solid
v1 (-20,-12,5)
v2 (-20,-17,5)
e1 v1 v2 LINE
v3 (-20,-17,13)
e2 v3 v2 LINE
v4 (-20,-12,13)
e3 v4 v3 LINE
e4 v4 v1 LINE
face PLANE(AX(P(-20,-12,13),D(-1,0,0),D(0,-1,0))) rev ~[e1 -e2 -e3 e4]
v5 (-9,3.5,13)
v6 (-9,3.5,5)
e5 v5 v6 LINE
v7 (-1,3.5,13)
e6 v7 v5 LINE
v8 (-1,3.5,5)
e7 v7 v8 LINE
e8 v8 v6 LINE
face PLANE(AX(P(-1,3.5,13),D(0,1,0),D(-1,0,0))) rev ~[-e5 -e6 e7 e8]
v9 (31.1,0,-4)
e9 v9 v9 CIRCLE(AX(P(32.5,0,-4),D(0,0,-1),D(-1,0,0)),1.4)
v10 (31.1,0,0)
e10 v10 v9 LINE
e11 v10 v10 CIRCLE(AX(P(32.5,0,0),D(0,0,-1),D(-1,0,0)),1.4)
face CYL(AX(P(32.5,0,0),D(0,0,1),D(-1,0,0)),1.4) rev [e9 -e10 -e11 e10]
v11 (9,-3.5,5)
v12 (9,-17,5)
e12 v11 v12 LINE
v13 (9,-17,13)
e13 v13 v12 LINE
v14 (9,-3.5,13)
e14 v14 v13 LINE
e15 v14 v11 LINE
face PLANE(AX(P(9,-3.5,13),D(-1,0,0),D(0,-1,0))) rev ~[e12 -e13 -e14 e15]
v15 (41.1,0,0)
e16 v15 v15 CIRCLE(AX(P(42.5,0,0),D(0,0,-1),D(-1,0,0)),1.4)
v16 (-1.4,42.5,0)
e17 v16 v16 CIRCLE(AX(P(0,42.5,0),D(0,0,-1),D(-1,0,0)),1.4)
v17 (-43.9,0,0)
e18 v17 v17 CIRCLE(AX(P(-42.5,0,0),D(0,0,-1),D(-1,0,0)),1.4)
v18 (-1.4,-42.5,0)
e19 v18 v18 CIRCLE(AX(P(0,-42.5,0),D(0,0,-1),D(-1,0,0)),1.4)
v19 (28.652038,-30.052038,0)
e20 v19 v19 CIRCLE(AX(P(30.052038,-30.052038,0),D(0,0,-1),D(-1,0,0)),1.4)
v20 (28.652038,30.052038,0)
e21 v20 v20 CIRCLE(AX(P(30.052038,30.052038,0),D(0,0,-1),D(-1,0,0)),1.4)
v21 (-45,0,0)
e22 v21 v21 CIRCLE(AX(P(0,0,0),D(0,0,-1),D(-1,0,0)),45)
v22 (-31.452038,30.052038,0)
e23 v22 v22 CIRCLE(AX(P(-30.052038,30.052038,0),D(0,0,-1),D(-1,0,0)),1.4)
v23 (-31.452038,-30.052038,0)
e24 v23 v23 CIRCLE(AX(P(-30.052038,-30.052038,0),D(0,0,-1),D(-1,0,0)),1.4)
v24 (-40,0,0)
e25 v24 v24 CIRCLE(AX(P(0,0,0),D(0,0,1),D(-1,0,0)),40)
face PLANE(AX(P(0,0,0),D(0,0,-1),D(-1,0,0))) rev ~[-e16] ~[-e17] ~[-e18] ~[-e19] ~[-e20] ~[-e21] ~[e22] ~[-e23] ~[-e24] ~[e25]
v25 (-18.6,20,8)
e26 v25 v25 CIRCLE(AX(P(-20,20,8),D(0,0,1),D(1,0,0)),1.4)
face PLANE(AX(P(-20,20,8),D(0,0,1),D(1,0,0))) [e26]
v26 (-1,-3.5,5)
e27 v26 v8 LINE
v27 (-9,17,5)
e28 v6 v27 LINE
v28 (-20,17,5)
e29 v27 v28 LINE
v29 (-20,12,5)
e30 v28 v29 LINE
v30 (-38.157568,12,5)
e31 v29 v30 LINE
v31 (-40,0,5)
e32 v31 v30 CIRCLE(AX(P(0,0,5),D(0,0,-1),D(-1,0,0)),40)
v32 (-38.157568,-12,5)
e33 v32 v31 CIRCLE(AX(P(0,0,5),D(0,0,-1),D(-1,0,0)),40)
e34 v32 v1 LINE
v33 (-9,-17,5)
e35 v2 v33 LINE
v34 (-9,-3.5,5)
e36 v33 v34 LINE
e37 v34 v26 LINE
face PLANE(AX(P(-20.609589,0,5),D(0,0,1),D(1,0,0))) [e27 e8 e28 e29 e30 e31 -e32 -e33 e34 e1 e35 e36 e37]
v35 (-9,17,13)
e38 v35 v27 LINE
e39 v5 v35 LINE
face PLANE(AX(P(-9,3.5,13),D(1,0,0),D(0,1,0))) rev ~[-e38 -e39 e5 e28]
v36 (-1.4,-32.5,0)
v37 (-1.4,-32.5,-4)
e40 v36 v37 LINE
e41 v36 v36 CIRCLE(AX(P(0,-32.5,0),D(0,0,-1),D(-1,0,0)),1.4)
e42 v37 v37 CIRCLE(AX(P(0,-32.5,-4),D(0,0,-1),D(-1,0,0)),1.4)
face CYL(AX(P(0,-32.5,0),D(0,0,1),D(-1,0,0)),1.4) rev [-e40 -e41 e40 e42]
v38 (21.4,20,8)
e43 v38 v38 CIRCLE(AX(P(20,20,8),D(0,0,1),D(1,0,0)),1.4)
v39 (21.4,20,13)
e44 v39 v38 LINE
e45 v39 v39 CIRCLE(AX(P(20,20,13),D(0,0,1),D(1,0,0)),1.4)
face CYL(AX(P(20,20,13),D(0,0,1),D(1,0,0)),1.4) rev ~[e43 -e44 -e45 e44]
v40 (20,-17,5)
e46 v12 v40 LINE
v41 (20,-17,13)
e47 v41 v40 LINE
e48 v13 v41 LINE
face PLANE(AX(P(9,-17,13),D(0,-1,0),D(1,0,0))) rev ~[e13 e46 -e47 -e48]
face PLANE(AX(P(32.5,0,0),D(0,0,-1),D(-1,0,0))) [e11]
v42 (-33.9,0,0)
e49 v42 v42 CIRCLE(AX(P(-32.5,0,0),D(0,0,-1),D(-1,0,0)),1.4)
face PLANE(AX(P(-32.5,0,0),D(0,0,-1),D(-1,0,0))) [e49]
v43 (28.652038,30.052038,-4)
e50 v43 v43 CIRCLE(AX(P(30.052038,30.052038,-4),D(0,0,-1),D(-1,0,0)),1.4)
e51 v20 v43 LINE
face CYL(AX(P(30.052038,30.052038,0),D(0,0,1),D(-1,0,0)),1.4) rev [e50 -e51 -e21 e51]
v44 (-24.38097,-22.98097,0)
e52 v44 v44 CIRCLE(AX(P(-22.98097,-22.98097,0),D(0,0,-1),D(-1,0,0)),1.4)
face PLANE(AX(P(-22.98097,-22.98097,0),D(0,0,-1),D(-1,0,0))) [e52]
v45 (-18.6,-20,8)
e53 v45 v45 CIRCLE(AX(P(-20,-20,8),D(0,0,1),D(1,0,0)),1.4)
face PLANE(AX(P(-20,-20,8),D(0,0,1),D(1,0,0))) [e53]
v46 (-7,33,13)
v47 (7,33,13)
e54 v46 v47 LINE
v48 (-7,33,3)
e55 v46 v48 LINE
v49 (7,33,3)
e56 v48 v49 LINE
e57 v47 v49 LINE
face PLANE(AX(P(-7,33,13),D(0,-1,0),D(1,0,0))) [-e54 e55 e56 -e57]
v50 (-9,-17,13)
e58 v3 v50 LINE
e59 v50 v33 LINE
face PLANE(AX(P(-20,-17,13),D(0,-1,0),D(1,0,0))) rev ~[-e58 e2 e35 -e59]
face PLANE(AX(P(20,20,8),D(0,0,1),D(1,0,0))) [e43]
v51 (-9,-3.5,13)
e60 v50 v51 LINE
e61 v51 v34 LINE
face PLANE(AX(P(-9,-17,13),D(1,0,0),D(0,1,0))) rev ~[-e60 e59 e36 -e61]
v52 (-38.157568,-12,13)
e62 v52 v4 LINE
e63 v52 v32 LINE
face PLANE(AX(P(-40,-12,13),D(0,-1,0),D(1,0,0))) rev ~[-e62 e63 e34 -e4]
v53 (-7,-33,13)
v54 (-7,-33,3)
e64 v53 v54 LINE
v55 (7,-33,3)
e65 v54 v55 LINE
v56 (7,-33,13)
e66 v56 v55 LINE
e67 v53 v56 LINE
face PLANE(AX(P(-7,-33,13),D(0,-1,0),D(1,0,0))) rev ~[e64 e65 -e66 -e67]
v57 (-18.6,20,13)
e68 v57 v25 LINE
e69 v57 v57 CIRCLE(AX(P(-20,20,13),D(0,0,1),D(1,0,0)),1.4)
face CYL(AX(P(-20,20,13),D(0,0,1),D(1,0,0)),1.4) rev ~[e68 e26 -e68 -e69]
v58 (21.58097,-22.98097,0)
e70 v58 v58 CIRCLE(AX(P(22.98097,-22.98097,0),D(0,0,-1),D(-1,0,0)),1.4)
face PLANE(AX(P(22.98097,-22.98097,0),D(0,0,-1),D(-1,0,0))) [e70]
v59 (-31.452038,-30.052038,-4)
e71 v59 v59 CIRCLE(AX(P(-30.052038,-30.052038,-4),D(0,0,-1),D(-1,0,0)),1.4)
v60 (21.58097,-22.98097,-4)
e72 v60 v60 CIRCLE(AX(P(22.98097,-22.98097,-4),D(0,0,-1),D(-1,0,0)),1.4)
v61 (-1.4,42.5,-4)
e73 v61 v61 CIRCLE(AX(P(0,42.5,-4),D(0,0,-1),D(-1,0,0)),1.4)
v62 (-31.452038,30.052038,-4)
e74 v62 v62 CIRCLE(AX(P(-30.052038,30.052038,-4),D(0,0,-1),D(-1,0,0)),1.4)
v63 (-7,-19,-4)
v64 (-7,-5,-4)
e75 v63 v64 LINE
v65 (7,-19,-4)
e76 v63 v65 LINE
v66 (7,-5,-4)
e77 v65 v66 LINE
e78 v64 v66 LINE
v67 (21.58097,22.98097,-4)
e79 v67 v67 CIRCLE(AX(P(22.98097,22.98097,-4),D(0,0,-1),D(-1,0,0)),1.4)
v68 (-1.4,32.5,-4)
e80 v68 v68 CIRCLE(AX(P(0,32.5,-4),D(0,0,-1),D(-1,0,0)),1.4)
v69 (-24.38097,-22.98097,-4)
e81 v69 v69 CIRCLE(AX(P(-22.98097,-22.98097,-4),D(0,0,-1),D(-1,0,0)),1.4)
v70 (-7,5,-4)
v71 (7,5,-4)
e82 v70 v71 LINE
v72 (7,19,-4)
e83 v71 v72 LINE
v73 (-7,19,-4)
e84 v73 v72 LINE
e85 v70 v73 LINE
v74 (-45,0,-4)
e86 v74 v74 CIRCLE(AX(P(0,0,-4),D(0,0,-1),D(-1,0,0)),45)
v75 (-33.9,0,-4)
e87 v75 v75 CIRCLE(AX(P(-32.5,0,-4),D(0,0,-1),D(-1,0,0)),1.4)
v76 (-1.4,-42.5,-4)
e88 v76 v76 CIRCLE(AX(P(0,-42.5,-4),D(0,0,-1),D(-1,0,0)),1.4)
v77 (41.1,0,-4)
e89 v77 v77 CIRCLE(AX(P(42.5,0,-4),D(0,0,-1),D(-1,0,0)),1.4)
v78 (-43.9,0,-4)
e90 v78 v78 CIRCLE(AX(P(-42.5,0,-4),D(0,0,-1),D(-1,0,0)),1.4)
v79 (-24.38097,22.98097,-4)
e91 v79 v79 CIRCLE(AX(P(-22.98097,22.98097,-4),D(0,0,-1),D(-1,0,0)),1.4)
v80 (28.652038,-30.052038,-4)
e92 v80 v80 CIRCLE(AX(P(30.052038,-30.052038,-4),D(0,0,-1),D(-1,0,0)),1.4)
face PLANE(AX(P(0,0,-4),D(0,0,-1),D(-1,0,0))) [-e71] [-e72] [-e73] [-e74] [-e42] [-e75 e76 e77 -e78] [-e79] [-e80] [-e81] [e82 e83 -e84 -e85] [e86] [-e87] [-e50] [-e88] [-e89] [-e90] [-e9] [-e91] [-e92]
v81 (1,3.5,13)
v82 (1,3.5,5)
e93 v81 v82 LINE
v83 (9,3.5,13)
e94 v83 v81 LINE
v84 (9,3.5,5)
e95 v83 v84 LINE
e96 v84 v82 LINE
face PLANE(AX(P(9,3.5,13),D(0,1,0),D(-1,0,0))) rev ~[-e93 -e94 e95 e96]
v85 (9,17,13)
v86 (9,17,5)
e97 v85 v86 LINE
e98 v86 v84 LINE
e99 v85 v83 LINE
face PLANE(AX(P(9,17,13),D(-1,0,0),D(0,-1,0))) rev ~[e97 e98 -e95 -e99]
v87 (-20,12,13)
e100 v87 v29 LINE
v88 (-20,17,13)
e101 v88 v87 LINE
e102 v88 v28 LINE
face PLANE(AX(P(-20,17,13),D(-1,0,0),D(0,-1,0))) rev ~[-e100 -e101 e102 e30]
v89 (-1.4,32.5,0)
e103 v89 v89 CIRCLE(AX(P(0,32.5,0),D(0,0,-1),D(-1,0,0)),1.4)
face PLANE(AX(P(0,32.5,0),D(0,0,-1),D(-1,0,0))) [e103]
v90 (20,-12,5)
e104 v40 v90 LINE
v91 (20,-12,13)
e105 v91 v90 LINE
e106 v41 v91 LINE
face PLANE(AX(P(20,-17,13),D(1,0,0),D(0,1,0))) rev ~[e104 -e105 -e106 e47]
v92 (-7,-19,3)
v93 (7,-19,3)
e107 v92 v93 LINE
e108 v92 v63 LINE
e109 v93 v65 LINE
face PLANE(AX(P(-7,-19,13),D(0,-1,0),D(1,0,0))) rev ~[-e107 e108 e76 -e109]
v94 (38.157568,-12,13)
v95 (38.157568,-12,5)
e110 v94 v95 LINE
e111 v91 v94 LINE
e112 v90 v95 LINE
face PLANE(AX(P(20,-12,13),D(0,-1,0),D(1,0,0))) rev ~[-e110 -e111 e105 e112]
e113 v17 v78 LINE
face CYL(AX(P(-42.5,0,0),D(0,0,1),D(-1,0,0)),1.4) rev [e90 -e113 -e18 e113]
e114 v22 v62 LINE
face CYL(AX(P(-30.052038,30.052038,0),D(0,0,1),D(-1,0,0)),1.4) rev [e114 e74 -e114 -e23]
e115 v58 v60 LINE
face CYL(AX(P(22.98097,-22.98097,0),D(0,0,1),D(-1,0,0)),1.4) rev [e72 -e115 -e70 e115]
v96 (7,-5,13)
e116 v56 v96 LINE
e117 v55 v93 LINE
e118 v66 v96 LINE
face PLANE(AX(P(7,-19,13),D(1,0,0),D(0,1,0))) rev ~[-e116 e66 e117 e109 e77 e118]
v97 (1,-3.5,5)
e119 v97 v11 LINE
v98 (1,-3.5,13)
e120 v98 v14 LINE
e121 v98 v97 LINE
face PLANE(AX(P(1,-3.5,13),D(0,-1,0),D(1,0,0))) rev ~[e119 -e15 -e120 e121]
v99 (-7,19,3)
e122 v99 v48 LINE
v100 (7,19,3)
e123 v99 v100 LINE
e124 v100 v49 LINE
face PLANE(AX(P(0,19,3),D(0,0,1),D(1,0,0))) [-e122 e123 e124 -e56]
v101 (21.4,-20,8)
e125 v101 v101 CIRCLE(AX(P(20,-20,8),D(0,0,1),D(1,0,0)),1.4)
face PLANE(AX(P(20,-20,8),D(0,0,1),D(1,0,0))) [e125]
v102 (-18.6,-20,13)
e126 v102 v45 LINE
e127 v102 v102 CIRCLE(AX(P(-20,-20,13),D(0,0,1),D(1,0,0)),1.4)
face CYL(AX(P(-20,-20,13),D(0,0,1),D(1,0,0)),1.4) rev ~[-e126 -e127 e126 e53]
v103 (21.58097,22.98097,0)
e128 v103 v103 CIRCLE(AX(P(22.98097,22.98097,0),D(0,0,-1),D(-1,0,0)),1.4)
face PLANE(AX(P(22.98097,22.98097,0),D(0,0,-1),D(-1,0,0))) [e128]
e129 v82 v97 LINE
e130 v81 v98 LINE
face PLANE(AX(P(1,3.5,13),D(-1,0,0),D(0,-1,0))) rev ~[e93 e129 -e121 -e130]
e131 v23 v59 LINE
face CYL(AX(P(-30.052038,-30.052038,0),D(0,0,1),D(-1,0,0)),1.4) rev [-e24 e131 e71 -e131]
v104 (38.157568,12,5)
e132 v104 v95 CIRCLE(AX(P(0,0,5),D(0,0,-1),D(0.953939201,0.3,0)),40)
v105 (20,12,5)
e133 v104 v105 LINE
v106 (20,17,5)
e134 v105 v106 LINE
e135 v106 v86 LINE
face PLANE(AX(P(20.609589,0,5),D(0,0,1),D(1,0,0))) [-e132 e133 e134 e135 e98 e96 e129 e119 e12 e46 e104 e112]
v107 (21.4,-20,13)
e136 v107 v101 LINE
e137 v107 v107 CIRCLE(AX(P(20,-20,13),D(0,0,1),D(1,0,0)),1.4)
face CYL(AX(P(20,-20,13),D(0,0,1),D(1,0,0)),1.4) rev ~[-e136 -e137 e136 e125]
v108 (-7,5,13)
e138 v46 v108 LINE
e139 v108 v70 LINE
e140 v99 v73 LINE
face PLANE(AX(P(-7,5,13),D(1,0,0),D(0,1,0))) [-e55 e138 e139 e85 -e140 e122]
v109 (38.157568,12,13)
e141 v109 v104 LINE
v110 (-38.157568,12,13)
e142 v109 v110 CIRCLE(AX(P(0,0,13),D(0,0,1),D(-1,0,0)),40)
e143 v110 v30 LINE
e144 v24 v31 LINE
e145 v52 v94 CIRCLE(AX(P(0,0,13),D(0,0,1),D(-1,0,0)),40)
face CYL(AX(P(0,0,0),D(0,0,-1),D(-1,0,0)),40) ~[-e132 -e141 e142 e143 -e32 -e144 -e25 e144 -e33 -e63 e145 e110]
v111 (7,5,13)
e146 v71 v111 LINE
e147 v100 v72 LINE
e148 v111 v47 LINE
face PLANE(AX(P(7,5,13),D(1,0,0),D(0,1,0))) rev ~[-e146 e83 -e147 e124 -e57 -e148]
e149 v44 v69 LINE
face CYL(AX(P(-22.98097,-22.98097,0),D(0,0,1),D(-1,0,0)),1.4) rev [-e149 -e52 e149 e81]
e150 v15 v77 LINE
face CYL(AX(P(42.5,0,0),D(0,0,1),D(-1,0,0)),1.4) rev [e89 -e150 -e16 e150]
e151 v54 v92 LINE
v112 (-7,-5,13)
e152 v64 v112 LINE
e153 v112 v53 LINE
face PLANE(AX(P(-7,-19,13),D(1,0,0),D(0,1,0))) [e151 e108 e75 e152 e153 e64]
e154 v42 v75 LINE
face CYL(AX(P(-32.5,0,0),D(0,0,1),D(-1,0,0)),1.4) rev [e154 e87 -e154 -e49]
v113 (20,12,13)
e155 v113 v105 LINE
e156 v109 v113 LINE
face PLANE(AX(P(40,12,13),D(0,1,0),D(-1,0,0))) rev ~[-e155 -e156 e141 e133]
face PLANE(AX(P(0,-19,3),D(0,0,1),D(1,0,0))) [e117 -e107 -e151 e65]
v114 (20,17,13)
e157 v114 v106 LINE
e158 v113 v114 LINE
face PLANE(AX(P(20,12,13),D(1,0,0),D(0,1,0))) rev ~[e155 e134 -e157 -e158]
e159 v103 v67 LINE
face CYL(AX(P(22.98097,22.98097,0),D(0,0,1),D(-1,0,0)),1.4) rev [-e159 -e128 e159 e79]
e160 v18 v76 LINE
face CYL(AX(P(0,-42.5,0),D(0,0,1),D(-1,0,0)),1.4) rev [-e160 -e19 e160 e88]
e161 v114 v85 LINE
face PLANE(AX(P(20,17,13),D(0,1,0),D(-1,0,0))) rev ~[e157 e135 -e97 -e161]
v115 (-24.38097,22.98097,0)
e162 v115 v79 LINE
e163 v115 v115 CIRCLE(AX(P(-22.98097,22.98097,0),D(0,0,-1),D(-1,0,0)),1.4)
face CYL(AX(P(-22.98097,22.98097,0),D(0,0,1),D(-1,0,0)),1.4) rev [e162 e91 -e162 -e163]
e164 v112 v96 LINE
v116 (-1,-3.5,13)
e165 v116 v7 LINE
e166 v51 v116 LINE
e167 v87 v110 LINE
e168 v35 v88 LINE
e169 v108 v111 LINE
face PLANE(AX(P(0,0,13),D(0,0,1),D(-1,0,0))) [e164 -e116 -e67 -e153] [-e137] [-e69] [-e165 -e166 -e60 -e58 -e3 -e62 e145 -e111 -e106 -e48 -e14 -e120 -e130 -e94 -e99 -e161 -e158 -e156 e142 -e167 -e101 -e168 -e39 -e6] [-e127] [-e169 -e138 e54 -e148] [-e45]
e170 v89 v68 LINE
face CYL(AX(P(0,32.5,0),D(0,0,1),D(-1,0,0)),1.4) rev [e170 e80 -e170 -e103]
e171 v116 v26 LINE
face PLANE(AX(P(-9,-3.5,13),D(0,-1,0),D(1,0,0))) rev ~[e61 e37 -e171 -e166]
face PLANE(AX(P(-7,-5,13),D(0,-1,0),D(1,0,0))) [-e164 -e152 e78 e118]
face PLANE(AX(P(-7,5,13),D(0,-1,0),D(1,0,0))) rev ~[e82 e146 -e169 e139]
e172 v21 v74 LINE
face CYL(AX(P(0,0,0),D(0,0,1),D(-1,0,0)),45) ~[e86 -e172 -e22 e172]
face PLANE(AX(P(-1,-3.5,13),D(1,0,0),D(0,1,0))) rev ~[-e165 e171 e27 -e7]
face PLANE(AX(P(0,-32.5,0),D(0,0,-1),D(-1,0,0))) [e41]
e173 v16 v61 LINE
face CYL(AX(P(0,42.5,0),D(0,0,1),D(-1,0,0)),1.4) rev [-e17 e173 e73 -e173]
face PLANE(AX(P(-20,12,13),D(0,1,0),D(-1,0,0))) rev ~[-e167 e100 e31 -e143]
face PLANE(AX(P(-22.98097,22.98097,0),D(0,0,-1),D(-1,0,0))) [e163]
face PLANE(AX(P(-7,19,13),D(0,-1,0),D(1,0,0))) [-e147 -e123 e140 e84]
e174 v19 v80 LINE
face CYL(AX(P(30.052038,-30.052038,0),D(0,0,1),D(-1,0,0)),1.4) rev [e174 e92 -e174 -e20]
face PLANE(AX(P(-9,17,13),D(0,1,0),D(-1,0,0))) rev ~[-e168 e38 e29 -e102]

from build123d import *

# Parameters (mm, degrees)
SKETCH1_R           = 40
BOSS_EXTRUDE1_DEPTH = 13
CUT_EXTRUDE1_DEPTH  = 8
SKETCH2_4_R         = 1.4
CUT_EXTRUDE2_DEPTH  = 5
SKETCH3_W           = 14
SKETCH3_H           = 28
CUT_EXTRUDE6_DEPTH  = 10
SKETCH5_R           = 45
BOSS_EXTRUDE2_DEPTH = 4
SKETCH6_R           = 1.4
CUT_EXTRUDE8_DEPTH  = 4
SKETCH6_3_R         = 1.4
CUT_EXTRUDE9_DEPTH  = 4
SKETCH7_W           = 14
SKETCH7_H           = 14
CUT_EXTRUDE10_DEPTH = 17


with BuildPart() as part:
    # Sketch1 → Boss-Extrude1 (new body)
    with BuildSketch(Plane.XY):
        Circle(SKETCH1_R)
    extrude(amount=BOSS_EXTRUDE1_DEPTH)

    # Sketch2 → Cut-Extrude1 (cut)
    with BuildSketch(Plane.XY.offset(13)):
        Polygon((-40, 12), (-40, -12), (-20, -12), (-20, -17), (-9, -17), (-9, -3.5), (-1, -3.5), (-1, 3.5), (-9, 3.5), (-9, 17), (-20, 17), (-20, 12), align=None)
        Polygon((1, 3.5), (1, -3.5), (9, -3.5), (9, -17), (20, -17), (20, -12), (40, -12), (40, 12), (20, 12), (20, 17), (9, 17), (9, 3.5), align=None)
    extrude(amount=-CUT_EXTRUDE1_DEPTH, mode=Mode.SUBTRACT)

    # Sketch2<4> → Cut-Extrude2 (cut)
    with BuildSketch(Plane.XY.offset(13)):
        with Locations((-20, 20)):
            Circle(SKETCH2_4_R)
        with Locations((20, 20)):
            Circle(SKETCH2_4_R)
        with Locations((-20, -20)):
            Circle(SKETCH2_4_R)
        with Locations((20, -20)):
            Circle(SKETCH2_4_R)
    extrude(amount=-CUT_EXTRUDE2_DEPTH, mode=Mode.SUBTRACT)

    # Sketch3 → Cut-Extrude6 (cut)
    with BuildSketch(Plane.XY.offset(13)):
        with Locations((0, 19)):
            Rectangle(SKETCH3_W, SKETCH3_H)
        with Locations((0, -19)):
            Rectangle(SKETCH3_W, SKETCH3_H)
    extrude(amount=-CUT_EXTRUDE6_DEPTH, mode=Mode.SUBTRACT)

    # Sketch5 → Boss-Extrude2 (add)
    with BuildSketch(Plane(origin=(0, 0, 0), x_dir=(-1, 0, 0), z_dir=(0, 0, -1))):
        Circle(SKETCH5_R)
    extrude(amount=BOSS_EXTRUDE2_DEPTH)

    # Sketch6 → Cut-Extrude8 (cut)
    with BuildSketch(Plane(origin=(0, 0, 0), x_dir=(-1, 0, 0), z_dir=(0, 0, -1))):
        with Locations((0, 42.5)):
            Circle(SKETCH6_R)
        with Locations((30.0520382, 30.0520382)):
            Circle(SKETCH6_R)
        with Locations((42.5, 0)):
            Circle(SKETCH6_R)
        with Locations((30.0520382, -30.0520382)):
            Circle(SKETCH6_R)
        with Locations((0, -42.5)):
            Circle(SKETCH6_R)
        with Locations((-30.0520382, -30.0520382)):
            Circle(SKETCH6_R)
        with Locations((-42.5, 0)):
            Circle(SKETCH6_R)
        with Locations((-30.0520382, 30.0520382)):
            Circle(SKETCH6_R)
    extrude(amount=CUT_EXTRUDE8_DEPTH, mode=Mode.SUBTRACT)

    # Sketch6<3> → Cut-Extrude9 (cut)
    with BuildSketch(Plane(origin=(0, 0, 0), x_dir=(-1, 0, 0), z_dir=(0, 0, -1))):
        with Locations((0, 32.5)):
            Circle(SKETCH6_3_R)
        with Locations((22.980970389, 22.980970389)):
            Circle(SKETCH6_3_R)
        with Locations((32.5, 0)):
            Circle(SKETCH6_3_R)
        with Locations((22.980970389, -22.980970389)):
            Circle(SKETCH6_3_R)
        with Locations((0, -32.5)):
            Circle(SKETCH6_3_R)
        with Locations((-22.980970389, -22.980970389)):
            Circle(SKETCH6_3_R)
        with Locations((-32.5, 0)):
            Circle(SKETCH6_3_R)
        with Locations((-22.980970389, 22.980970389)):
            Circle(SKETCH6_3_R)
    extrude(amount=CUT_EXTRUDE9_DEPTH, mode=Mode.SUBTRACT)

    # Sketch7 → Cut-Extrude10 (cut)
    with BuildSketch(Plane.XY.offset(13)):
        with Locations((0, 12)):
            Rectangle(SKETCH7_W, SKETCH7_H)
        with Locations((0, -12)):
            Rectangle(SKETCH7_W, SKETCH7_H)
    extrude(amount=-CUT_EXTRUDE10_DEPTH, mode=Mode.SUBTRACT)


solid = part.part
